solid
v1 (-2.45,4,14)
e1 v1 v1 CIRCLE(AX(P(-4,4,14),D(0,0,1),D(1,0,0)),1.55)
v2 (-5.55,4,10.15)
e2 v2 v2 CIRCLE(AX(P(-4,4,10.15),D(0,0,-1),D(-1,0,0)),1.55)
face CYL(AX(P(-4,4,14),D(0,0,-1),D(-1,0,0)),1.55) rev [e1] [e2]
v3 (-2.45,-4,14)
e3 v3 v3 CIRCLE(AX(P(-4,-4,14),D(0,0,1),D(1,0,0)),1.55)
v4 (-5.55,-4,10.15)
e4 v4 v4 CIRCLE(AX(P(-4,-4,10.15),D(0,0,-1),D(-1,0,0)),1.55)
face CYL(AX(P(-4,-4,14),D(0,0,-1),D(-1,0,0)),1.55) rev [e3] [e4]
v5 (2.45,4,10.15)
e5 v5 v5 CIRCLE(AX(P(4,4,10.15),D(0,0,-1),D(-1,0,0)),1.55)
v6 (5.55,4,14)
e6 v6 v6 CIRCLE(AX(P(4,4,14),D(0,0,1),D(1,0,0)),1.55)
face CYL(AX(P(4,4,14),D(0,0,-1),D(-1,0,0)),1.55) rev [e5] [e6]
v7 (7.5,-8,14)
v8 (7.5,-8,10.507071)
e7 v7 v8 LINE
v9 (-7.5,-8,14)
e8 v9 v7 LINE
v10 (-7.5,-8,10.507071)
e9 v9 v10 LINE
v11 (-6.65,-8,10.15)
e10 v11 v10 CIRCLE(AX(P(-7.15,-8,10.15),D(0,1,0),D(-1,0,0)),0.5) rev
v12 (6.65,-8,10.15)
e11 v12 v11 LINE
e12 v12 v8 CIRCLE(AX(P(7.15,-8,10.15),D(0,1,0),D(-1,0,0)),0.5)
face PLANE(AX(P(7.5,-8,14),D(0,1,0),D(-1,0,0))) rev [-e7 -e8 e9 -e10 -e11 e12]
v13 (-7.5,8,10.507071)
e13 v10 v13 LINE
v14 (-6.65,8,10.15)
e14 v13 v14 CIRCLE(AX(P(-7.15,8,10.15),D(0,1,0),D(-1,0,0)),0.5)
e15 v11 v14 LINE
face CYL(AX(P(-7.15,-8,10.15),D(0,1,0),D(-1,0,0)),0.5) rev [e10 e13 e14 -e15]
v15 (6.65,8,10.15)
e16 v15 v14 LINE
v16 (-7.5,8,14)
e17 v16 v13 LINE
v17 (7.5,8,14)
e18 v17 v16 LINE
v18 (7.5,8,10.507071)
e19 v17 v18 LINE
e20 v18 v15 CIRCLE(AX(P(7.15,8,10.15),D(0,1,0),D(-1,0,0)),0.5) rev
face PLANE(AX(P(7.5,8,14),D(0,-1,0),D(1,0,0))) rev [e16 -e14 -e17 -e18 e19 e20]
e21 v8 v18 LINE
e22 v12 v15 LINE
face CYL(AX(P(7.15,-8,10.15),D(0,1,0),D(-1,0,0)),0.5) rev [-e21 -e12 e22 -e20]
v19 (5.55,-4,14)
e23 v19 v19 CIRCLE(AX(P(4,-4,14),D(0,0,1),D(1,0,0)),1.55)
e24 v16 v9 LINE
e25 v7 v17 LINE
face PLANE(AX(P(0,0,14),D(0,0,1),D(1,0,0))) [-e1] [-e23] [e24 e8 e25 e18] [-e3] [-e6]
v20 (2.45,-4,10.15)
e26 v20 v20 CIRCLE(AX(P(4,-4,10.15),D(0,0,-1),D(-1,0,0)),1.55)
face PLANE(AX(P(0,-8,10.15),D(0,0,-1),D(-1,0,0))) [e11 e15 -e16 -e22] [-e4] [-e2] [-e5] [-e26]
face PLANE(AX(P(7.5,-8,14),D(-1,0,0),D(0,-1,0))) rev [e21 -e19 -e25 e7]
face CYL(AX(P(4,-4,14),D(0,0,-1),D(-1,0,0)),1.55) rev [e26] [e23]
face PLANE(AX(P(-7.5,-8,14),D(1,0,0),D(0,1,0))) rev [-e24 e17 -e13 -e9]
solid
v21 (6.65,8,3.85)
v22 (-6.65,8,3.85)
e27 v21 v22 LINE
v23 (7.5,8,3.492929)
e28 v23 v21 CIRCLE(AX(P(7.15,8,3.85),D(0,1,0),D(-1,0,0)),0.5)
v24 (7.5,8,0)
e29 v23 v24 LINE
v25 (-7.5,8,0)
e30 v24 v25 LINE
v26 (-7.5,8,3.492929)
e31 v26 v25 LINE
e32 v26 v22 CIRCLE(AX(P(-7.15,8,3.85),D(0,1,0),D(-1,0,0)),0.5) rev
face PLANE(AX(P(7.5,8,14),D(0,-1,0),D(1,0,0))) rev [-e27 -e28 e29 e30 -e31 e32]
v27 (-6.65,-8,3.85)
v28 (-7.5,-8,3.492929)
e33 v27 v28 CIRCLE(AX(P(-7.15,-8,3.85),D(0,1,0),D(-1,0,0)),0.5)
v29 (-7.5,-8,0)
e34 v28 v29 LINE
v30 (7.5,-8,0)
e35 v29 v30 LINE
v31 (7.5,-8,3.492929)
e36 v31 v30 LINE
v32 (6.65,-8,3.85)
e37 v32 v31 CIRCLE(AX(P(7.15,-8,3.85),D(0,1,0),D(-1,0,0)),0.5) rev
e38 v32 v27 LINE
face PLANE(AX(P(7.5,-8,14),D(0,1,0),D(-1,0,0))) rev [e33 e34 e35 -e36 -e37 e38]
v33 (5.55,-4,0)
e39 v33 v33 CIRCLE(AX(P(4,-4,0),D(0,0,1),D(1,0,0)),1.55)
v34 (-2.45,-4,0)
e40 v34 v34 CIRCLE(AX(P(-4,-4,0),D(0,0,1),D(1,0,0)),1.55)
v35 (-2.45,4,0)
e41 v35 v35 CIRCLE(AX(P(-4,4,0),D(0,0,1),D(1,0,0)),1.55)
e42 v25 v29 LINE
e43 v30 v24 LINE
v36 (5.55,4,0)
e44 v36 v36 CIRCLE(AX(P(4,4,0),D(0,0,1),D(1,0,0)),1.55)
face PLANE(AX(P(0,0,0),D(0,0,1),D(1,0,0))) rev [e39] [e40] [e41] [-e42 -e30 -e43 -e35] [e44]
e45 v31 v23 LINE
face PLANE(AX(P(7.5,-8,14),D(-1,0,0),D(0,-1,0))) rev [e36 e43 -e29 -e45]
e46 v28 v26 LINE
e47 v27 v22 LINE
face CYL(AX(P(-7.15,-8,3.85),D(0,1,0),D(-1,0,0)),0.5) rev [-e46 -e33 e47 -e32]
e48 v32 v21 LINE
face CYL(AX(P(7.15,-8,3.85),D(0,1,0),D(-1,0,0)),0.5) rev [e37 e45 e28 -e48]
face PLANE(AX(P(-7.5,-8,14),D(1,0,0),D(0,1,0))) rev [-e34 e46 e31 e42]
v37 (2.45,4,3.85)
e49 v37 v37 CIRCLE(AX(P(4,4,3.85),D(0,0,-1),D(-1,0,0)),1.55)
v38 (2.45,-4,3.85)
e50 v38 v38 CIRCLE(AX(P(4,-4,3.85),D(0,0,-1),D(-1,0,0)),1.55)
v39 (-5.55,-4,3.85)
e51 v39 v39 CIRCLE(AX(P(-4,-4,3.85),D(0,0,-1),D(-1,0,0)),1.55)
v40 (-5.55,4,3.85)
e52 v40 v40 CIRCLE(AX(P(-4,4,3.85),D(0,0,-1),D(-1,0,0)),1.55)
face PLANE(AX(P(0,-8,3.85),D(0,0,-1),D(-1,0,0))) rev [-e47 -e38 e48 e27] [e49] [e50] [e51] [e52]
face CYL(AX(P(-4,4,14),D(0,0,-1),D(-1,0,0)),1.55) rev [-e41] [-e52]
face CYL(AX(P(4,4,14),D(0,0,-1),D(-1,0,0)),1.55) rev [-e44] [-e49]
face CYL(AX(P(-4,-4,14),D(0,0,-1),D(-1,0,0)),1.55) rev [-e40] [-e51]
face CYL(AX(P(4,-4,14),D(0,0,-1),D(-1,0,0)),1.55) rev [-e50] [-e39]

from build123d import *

# Parameters (mm, degrees)
SKETCH_1_W               = 15
SKETCH_1_H               = 16
SKETCH_1_R               = 1.55
EXTRUDE_1_DEPTH          = 14
CUT_EXTRUDE_1_DEPTH      = 23.544400635
CUT_EXTRUDE_1_DEPTH_BACK = 23.544400635
SKETCH_2_R               = 0.5
SKETCH_2_W               = 15.3
SKETCH_2_H               = 6.3


with BuildPart() as part:
    # 草图1 → 凸台-拉伸1 (new body)
    with BuildSketch(Plane.XY):
        Rectangle(SKETCH_1_W, SKETCH_1_H)
        with Locations((-4, 4)):
            Circle(SKETCH_1_R, mode=Mode.SUBTRACT)
        with Locations((4, 4)):
            Circle(SKETCH_1_R, mode=Mode.SUBTRACT)
        with Locations((-4, -4)):
            Circle(SKETCH_1_R, mode=Mode.SUBTRACT)
        with Locations((4, -4)):
            Circle(SKETCH_1_R, mode=Mode.SUBTRACT)
    extrude(amount=EXTRUDE_1_DEPTH)

    # 草图2 → 切除-拉伸1 (cut, two sides: drawn at the far end of the back side and taken through both)
    with BuildSketch(Plane(origin=(0, 8, 0), x_dir=(1, 0, 0), z_dir=(0, 1, 0)).offset(-CUT_EXTRUDE_1_DEPTH_BACK)):
        with Locations((-7.15, -10.15)):
            Circle(SKETCH_2_R)
        with Locations((7.15, -10.15)):
            Circle(SKETCH_2_R)
        with Locations((7.15, -3.85)):
            Circle(SKETCH_2_R)
        with Locations((-7.15, -3.85)):
            Circle(SKETCH_2_R)
        with Locations((0, -7)):
            Rectangle(SKETCH_2_W, SKETCH_2_H)
        with BuildLine():
            ThreePointArc((-6.65, -3.85), (-7.15, -3.35), (-7.65, -3.85))
            Line((-7.65, -3.85), (-6.65, -3.85))
        make_face()
        with BuildLine():
            Line((-6.65, -3.85), (-7.65, -3.85))
            ThreePointArc((-7.65, -3.85), (-7.15, -4.35), (-6.65, -3.85))
        make_face()
        with BuildLine():
            ThreePointArc((-7.65, -10.15), (-7.15, -10.65), (-6.65, -10.15))
            Line((-6.65, -10.15), (-7.65, -10.15))
        make_face()
        with BuildLine():
            Line((-7.65, -10.15), (-6.65, -10.15))
            ThreePointArc((-6.65, -10.15), (-7.15, -9.65), (-7.65, -10.15))
        make_face()
        with BuildLine():
            ThreePointArc((6.65, -3.85), (7.15, -4.35), (7.65, -3.85))
            Line((7.65, -3.85), (6.65, -3.85))
        make_face()
        with BuildLine():
            Line((6.65, -3.85), (7.65, -3.85))
            ThreePointArc((7.65, -3.85), (7.15, -3.35), (6.65, -3.85))
        make_face()
        with BuildLine():
            ThreePointArc((7.65, -10.15), (7.15, -9.65), (6.65, -10.15))
            Line((6.65, -10.15), (7.65, -10.15))
        make_face()
        with BuildLine():
            Line((7.65, -10.15), (6.65, -10.15))
            ThreePointArc((6.65, -10.15), (7.15, -10.65), (7.65, -10.15))
        make_face()
    extrude(amount=CUT_EXTRUDE_1_DEPTH + CUT_EXTRUDE_1_DEPTH_BACK, mode=Mode.SUBTRACT)


with BuildPart() as cut_extrude_1_piece_1:
    # of the separate pieces the step leaves, piece 1, a body of its own (cut_extrude_1_pieces)
    add(part.part.solids().sort_by_distance((7.5, -8, 0))[0])


with BuildPart() as cut_extrude_1_piece_2:
    # of the separate pieces the step leaves, piece 2, a body of its own (cut_extrude_1_pieces)
    add(part.part.solids().sort_by_distance((7.5, -8, 10.507071421))[0])


solid = Compound([cut_extrude_1_piece_1.part, cut_extrude_1_piece_2.part])
